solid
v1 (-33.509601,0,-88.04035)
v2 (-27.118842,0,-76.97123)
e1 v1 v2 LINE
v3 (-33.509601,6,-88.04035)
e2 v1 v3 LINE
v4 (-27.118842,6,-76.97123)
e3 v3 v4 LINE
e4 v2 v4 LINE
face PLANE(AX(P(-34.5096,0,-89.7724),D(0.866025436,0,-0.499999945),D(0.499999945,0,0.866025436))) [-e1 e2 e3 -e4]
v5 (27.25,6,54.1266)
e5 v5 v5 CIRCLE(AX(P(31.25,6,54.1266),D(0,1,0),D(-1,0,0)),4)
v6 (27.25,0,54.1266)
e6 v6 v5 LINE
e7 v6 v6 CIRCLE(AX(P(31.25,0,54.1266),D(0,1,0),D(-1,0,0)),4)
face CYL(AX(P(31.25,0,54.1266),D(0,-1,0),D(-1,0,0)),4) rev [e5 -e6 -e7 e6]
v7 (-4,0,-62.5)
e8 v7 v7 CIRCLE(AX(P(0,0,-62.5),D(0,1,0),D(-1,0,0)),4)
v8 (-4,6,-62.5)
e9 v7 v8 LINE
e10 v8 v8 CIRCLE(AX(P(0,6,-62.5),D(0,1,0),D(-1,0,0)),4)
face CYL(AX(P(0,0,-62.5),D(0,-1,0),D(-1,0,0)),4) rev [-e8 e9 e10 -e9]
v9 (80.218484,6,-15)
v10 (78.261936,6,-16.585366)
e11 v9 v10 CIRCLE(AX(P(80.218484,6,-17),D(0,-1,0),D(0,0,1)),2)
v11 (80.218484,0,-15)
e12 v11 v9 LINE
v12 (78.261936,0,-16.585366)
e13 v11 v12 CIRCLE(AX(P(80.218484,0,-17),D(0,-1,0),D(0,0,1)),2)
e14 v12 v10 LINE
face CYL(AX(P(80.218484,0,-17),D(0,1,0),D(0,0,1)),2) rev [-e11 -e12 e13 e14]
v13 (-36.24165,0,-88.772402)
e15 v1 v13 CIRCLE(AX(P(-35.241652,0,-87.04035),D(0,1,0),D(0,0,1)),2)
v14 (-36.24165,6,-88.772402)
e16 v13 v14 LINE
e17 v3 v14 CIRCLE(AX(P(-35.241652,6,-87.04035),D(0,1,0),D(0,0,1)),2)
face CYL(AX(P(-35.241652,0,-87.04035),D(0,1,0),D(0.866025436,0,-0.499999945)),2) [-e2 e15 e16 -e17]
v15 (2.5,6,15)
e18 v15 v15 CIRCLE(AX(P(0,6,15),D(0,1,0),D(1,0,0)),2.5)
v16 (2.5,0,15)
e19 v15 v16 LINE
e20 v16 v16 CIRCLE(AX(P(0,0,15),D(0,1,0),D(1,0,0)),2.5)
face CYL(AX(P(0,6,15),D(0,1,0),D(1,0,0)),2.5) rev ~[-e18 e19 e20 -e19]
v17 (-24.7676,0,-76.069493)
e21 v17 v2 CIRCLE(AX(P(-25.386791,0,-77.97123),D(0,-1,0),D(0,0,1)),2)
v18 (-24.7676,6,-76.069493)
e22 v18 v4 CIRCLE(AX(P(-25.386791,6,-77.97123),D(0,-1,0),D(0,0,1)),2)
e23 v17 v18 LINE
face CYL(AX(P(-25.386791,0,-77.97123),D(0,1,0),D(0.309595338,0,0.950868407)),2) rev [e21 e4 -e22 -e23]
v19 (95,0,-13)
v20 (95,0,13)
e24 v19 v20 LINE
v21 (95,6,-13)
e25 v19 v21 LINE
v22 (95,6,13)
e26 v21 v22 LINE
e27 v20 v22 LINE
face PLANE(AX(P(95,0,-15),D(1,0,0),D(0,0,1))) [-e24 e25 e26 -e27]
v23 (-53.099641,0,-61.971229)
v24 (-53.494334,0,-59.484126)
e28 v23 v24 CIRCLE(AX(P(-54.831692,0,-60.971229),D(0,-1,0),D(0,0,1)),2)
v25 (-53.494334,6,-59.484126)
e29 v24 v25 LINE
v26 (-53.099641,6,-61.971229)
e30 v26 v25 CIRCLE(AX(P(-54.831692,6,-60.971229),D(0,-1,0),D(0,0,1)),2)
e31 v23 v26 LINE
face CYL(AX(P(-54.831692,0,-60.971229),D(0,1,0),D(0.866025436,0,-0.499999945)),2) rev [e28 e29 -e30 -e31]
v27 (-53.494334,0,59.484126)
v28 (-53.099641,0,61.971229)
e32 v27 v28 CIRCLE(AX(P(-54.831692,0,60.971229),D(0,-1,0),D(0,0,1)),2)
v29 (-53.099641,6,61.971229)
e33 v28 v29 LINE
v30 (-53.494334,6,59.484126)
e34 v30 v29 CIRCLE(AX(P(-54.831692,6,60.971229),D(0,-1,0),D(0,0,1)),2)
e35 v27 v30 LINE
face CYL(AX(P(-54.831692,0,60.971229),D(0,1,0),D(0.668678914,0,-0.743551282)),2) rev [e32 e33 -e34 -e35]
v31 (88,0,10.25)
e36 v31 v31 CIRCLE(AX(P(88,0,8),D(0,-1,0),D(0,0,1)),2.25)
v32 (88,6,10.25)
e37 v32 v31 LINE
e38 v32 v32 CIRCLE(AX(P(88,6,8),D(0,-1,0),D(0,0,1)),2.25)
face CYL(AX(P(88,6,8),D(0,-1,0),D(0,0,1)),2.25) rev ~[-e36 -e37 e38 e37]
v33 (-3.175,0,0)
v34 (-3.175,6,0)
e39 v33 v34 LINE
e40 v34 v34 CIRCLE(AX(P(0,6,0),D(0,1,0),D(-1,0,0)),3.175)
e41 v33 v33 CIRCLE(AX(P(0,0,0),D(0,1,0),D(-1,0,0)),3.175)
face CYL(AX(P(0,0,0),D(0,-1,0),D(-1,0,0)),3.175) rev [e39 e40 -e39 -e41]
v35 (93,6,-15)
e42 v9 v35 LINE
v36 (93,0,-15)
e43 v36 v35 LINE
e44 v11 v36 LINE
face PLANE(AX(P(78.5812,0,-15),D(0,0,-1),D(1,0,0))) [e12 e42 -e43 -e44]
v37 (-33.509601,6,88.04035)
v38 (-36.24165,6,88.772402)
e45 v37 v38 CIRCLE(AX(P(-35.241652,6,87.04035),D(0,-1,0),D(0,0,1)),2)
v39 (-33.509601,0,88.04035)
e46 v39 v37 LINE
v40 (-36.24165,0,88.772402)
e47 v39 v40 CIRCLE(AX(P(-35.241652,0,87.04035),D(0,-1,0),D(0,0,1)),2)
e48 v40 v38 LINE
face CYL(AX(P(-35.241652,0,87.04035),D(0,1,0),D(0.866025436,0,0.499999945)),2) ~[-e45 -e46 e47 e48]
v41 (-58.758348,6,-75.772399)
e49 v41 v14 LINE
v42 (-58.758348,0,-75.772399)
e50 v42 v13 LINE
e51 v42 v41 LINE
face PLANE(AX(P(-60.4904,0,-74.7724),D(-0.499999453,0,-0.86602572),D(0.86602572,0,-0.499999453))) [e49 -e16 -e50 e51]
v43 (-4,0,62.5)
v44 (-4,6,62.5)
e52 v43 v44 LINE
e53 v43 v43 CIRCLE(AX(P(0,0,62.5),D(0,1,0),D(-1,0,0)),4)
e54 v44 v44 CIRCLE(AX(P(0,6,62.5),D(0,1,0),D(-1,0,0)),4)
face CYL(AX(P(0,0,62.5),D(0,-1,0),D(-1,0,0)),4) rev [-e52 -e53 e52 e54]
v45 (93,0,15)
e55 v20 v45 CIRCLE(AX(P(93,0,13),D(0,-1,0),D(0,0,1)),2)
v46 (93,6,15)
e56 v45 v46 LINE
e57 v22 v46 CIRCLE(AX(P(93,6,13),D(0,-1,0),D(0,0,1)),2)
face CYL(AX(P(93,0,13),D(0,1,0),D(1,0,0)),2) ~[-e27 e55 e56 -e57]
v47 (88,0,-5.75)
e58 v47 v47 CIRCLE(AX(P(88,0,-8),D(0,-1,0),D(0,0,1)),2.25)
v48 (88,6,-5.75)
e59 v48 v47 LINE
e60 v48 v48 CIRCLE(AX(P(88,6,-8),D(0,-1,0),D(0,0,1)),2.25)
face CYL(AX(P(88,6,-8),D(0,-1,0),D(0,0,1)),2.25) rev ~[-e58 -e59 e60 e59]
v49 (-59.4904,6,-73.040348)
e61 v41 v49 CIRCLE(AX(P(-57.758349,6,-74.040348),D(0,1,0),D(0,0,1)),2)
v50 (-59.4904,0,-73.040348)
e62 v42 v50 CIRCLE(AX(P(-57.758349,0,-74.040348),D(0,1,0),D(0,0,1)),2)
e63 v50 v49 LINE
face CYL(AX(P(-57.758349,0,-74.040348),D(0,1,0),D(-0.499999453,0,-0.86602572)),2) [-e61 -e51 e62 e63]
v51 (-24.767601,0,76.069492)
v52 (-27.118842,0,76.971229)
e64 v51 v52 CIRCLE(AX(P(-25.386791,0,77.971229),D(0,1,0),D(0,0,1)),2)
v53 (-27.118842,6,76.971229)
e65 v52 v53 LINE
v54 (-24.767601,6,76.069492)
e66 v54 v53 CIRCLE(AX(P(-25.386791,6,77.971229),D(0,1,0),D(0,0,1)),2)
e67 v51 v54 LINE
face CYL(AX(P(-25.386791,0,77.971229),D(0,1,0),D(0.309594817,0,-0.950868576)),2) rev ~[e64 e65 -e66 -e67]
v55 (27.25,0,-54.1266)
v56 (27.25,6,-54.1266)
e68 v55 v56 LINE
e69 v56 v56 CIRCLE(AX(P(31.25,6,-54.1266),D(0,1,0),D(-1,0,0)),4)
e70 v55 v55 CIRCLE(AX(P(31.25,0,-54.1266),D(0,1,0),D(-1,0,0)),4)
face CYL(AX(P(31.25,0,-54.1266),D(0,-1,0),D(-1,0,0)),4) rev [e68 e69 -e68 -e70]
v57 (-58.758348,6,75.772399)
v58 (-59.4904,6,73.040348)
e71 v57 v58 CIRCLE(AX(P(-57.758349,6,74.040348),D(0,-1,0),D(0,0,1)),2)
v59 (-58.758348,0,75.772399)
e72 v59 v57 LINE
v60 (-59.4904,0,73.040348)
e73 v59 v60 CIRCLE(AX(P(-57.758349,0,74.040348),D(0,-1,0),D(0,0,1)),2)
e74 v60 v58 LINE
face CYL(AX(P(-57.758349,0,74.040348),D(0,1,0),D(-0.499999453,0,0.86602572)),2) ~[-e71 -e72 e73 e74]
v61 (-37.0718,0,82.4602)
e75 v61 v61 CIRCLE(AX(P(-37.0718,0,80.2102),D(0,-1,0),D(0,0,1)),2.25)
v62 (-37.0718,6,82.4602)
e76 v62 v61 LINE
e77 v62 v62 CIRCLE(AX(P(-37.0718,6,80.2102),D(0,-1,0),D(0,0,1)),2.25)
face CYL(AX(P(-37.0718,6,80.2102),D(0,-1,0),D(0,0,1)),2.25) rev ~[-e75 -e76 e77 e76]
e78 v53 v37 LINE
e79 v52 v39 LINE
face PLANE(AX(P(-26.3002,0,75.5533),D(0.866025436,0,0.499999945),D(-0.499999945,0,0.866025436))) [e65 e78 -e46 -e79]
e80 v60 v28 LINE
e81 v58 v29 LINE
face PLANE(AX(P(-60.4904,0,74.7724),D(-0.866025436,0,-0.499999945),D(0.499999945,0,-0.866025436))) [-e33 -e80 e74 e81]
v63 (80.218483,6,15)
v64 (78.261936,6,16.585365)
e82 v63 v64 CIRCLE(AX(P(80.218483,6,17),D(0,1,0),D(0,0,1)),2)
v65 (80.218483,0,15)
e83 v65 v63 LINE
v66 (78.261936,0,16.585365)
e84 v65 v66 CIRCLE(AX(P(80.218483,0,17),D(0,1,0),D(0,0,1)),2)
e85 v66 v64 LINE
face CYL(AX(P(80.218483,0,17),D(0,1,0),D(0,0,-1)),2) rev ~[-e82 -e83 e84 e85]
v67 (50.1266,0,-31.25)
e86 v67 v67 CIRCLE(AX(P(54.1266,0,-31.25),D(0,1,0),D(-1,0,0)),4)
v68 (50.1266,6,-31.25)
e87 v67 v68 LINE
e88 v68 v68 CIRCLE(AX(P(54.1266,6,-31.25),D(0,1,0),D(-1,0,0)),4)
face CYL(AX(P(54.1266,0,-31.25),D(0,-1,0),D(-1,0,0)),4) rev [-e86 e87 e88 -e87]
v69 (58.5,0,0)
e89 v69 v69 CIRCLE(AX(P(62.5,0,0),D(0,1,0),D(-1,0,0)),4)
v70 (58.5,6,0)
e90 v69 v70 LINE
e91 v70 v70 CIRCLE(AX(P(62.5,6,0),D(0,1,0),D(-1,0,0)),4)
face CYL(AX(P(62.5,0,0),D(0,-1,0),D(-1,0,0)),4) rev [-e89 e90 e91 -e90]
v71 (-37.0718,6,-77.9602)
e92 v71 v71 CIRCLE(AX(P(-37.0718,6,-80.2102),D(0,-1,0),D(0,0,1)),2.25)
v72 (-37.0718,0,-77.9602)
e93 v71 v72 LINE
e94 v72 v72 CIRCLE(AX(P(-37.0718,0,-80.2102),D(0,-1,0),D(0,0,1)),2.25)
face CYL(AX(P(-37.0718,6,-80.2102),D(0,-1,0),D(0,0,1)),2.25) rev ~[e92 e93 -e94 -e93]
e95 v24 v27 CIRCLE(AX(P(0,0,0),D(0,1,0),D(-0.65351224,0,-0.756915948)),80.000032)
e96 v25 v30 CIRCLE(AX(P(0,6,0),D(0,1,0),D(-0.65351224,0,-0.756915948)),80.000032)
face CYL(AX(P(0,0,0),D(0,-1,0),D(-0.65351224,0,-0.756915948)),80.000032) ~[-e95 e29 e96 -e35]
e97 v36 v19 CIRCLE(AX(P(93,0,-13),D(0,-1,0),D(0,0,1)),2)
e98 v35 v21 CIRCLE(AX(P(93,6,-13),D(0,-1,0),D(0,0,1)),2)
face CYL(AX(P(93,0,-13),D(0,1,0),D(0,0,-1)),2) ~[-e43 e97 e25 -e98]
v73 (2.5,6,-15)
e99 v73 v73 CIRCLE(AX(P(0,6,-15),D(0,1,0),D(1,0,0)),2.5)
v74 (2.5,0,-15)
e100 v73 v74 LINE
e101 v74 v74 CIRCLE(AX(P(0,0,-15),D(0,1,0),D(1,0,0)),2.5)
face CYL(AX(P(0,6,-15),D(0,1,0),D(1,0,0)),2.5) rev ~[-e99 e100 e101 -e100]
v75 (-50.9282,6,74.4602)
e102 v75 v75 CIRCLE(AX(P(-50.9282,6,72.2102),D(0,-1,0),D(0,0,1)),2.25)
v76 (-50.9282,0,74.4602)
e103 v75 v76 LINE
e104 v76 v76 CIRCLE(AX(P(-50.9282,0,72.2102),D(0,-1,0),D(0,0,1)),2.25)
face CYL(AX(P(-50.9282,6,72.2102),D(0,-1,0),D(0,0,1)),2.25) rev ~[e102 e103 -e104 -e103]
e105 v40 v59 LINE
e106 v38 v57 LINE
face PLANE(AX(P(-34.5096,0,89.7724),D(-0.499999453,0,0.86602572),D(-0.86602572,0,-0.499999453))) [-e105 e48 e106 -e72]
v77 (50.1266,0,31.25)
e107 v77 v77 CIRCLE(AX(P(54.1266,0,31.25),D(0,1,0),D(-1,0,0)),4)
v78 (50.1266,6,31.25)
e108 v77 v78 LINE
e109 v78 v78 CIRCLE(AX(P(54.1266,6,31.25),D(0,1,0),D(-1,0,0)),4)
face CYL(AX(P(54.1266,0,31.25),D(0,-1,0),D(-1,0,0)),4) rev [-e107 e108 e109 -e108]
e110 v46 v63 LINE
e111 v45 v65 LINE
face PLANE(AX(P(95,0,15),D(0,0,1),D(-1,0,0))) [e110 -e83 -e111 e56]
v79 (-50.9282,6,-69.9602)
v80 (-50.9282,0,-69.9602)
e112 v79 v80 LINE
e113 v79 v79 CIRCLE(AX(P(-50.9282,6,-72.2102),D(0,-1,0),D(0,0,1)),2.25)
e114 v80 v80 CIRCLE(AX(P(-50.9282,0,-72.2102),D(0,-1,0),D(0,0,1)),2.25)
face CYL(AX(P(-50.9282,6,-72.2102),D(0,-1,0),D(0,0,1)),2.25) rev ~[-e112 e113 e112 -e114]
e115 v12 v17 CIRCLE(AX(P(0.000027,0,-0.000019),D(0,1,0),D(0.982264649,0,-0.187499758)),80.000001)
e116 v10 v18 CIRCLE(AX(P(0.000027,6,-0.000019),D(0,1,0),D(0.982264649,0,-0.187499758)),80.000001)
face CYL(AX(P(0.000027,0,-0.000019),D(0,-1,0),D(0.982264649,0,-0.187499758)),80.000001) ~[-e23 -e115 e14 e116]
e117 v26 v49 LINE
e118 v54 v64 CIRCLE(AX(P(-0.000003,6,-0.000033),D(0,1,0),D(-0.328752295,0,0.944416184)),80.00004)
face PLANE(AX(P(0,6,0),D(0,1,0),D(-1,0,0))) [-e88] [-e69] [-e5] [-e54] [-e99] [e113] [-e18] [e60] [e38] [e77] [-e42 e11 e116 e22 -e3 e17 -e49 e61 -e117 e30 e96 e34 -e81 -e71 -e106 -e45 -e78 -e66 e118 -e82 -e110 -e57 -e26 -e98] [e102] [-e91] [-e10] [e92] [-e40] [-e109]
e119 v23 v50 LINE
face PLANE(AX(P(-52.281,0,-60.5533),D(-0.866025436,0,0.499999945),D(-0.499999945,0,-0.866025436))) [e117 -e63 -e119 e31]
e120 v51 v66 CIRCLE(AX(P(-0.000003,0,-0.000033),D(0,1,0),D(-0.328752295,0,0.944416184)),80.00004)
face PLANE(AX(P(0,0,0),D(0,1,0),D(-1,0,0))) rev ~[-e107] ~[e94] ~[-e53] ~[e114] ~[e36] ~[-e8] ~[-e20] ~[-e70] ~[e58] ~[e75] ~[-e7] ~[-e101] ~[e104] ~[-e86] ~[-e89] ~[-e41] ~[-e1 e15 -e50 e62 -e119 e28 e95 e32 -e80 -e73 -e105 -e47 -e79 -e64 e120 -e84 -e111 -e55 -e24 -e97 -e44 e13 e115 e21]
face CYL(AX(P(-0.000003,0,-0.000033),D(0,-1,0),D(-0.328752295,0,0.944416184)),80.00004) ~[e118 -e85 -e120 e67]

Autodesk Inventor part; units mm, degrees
ref_plane "YZ Plane" through (0, 0, 0) normal (1, 0, 0) x (0, 1, 0)
ref_plane "XZ Plane" through (0, 0, 0) normal (0, 1, 0) x (-1, 0, 0)
ref_plane "XY Plane" through (0, 0, 0) normal (0, 0, 1) x (1, 0, 0)
sketch "Sketch1" plane through (0, 0, 0) normal (0, 1, 0) x (-1, 0, 0)
  line L0 (0, 80) -> (0, 62.5) construction
  circle A0 centre (0, 62.5) radius 4
  line L1 (0, 62.5) -> (0, 0) construction
  circle A1 centre (-31.25, 54.1266) radius 4
  circle A2 centre (-54.1266, 31.25) radius 4
  circle A3 centre (-62.5, 0) radius 4
  circle A4 centre (-54.1266, -31.25) radius 4
  circle A5 centre (-31.25, -54.1266) radius 4
  circle A6 centre (0, -62.5) radius 4
  circle A7 centre (0, 0) radius 3.175
  line L2 (-78.5812, -15) -> (-95, -15)
  line L3 (-95, -15) -> (-95, 15)
  line L4 (-95, 15) -> (-78.5812, 15)
  line L5 (52.281, -60.5533) -> (60.4904, -74.7724)
  line L6 (60.4904, -74.7724) -> (34.5096, -89.7724)
  line L7 (34.5096, -89.7724) -> (26.3002, -75.5533)
  line L8 (26.3002, 75.5533) -> (34.5096, 89.7724)
  line L9 (34.5096, 89.7724) -> (60.4904, 74.7724)
  line L10 (60.4904, 74.7724) -> (52.281, 60.5533)
  arc A8 (52.281, -60.5533) -> (52.281, 60.5533) centre (0, 0) ccw
  arc A9 (26.3002, 75.5533) -> (-78.5812, 15) centre (0, 0) ccw
  arc A10 (-78.5812, -15) -> (26.3002, -75.5533) centre (0, 0) ccw
  point P0 (80, 0)
  dimension "d2" = 8
  dimension "d5" = 180
  dimension "d7" = 6.35
  dimension "d10" = 62.5
  dimension "d12" = 95
  dimension "d13" = 30
  dimension "d16" = 360
  dimension "d18" = 80
extrude "Extrusion1" add sketch "Sketch1" along normal blind 6
sketch "Sketch3" plane through (0, 6, 0) normal (0, 1, 0) x (1, 0, 0)
  line L0 (95, 15) -> (78.5812, 15) projected
  line L1 (78.5812, -15) -> (95, -15) projected
  line L2 (95, -15) -> (95, 15) projected
  point P0 (0, 0)
  point P1 (88, 8)
  point P2 (88, -8)
  point P3 (86.7906, -15)
  point P4 (-50.9282, 72.2102)
  point P5 (-37.0718, 80.2102)
  point P6 (-37.0718, -80.2102)
  point P7 (-50.9282, -72.2102)
  dimension "d19" = 7
  dimension "d20" = 7
  dimension "d21" = 7
  dimension "d24" = 360
hole "Hole1" at (88, 6, -8) at (88, 6, 8) at (-50.9282, 6, -72.2102) at (-37.0718, 6, -80.2102) at (-37.0718, 6, 80.2102) at (-50.9282, 6, 72.2102) direction (0, -1, 0) diameter 4.5 end through all clearance for "Flat Head Machine Screw" size "M4" standard "Ansi Metric M Profile"
sketch "Sketch4" plane through (0, 6, 0) normal (0, 1, 0) x (1, 0, 0)
  circle A0 centre (0, 15) radius 2.5
  circle A1 centre (0, -15) radius 2.5
  circle A2 centre (0, 0) radius 3.175 construction
  line L0 (0, 0) -> (8.7984, 0) construction
  dimension "d33" = 5
  dimension "d34" = 15
extrude "Extrusion2" cut sketch "Sketch4" against normal blind 6
fillet "Fillet1" radius 2 12 edges at (-52.281, 3, 60.5533) (-60.4904, 3, 74.7724) (-34.5096, 3, 89.7724) (-26.3002, 3, 75.5533) (78.5812, 3, 15) (95, 3, 15) (95, 3, -15) (78.5812, 3, -15) (-26.3002, 3, -75.5533) (-34.5096, 3, -89.7724) (-52.281, 3, -60.5533) (-60.4904, 3, -74.7724)
properties part number "SkimmerLid"
